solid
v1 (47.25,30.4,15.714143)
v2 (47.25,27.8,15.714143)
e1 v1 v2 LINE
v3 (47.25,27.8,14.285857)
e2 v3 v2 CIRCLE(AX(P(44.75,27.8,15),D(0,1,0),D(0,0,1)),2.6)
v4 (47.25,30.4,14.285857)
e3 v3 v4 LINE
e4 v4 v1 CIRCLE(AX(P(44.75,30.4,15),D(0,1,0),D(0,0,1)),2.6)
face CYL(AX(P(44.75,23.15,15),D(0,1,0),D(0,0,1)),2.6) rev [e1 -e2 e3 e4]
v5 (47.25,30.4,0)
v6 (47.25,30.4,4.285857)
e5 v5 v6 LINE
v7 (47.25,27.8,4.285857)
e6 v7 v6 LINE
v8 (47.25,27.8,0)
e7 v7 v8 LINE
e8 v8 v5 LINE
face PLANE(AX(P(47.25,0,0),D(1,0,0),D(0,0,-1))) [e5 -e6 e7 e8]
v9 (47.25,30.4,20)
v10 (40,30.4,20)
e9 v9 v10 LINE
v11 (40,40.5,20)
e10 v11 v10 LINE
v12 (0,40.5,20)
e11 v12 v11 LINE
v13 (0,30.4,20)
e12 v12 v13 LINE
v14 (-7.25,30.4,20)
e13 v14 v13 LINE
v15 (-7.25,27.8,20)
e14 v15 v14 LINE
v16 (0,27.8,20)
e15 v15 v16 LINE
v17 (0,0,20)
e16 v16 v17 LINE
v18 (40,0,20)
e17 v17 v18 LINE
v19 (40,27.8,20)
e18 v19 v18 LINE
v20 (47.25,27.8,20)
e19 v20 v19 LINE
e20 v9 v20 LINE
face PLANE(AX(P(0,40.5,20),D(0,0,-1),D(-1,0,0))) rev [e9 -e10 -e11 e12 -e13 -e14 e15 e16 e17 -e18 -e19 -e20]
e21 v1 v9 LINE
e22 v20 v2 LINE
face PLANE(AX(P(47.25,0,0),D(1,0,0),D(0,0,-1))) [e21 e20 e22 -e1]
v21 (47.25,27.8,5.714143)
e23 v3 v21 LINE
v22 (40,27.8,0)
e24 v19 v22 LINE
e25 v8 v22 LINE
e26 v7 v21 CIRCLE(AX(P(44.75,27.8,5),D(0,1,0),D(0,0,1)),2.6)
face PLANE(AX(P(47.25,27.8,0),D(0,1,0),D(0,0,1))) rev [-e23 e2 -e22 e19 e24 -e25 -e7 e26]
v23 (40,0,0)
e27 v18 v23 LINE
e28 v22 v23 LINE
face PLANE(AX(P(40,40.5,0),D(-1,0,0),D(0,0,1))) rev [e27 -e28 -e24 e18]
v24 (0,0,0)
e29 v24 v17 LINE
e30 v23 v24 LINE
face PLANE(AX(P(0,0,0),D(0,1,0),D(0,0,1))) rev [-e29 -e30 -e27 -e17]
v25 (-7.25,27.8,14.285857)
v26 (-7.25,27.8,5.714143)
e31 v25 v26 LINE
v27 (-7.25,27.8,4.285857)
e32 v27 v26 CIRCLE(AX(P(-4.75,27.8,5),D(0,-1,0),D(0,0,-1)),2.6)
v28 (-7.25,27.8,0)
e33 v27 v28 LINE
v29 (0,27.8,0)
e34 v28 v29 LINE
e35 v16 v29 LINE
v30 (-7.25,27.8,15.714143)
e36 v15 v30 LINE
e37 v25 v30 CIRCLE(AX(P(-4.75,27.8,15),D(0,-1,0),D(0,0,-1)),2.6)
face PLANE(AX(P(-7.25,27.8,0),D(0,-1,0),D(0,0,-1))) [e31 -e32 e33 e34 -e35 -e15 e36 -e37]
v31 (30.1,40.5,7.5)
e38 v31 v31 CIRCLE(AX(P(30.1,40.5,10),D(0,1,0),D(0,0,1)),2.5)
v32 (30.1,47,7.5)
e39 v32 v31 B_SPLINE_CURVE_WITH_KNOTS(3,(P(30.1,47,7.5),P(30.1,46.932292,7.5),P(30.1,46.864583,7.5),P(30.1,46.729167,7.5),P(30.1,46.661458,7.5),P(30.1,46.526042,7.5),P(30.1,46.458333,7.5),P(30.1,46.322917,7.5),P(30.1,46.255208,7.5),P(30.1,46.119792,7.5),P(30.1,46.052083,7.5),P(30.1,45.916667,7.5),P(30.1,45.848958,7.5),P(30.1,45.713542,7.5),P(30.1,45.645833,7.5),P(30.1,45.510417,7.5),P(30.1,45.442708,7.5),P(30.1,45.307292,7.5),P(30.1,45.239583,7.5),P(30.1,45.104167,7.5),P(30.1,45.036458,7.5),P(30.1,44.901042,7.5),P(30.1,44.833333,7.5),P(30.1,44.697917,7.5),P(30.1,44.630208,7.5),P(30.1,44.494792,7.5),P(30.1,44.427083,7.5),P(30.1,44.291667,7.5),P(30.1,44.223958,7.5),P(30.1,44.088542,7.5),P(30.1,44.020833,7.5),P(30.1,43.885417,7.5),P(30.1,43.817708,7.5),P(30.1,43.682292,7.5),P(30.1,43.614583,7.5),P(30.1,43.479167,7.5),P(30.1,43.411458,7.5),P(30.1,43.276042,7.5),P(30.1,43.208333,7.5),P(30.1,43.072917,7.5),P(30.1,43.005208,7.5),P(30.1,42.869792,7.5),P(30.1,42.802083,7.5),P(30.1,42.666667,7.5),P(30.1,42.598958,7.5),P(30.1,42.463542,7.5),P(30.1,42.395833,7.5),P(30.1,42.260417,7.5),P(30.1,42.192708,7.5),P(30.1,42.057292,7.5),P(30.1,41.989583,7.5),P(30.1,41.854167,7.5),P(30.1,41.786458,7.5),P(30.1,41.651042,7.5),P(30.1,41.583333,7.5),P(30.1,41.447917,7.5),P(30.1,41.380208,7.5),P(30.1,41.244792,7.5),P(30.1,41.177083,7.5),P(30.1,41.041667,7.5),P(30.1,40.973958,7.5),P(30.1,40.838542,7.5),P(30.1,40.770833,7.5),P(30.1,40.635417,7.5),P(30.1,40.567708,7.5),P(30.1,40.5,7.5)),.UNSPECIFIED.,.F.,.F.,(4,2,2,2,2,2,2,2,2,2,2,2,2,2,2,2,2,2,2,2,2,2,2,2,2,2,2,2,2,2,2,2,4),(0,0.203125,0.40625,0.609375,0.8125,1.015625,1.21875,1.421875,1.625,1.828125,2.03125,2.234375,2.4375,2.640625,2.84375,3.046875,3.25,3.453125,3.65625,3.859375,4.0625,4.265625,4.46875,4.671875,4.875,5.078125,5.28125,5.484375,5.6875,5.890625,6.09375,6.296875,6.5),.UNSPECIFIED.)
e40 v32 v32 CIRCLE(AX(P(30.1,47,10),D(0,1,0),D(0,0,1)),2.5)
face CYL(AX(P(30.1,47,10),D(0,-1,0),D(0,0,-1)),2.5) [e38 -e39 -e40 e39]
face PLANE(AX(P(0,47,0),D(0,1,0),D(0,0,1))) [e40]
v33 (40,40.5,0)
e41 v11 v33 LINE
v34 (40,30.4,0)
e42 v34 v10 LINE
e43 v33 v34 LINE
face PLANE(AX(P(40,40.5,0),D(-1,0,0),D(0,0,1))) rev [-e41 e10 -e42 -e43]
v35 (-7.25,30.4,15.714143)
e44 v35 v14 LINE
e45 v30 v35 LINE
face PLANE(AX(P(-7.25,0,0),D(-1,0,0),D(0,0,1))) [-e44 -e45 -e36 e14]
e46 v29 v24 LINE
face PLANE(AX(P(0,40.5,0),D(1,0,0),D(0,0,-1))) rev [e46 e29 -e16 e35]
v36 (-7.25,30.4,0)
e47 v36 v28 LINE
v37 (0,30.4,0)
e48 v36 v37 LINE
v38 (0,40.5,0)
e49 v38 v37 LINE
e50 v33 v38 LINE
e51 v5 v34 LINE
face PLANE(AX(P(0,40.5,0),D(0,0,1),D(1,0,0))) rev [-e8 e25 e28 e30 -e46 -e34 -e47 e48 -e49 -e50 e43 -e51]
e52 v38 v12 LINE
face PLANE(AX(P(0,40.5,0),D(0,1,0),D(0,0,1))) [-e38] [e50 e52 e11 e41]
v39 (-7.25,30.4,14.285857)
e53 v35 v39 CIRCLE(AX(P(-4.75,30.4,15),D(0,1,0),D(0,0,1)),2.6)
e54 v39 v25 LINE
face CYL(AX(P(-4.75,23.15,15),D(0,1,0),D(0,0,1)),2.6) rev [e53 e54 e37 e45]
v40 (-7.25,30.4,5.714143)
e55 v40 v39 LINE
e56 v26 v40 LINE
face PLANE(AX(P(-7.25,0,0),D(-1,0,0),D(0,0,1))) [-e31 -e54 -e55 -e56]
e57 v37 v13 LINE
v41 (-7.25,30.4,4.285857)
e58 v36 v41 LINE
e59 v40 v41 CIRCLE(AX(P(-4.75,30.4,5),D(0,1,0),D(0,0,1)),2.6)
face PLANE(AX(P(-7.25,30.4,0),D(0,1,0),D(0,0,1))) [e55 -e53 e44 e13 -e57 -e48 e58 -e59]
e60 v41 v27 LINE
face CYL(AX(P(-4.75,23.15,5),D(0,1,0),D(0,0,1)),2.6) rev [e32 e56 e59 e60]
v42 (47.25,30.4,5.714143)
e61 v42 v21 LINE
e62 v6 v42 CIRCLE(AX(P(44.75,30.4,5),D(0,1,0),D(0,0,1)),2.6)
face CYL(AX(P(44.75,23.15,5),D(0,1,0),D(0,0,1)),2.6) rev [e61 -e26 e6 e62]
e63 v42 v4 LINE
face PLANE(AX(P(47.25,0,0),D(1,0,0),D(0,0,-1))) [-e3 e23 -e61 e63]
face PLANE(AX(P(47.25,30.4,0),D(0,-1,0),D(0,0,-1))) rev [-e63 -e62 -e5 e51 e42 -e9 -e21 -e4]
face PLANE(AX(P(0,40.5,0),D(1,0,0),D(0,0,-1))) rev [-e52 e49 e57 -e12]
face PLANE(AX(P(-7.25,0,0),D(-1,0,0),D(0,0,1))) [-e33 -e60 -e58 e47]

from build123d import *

# Parameters (mm, degrees)
SKETCH1_W           = 40
SKETCH1_H           = 20
BOSS_EXTRUDE1_DEPTH = 40.5
SKETCH2_R           = 2.5
BOSS_EXTRUDE2_DEPTH = 6.5
SKETCH3_W           = 20
SKETCH3_H           = 2.6
BOSS_EXTRUDE3_DEPTH = 7.25
SKETCH4_W           = 20
SKETCH4_H           = 2.6
BOSS_EXTRUDE4_DEPTH = 7.25
SKETCH5_R           = 2.6
CUT_EXTRUDE5_DEPTH  = 7.25


with BuildPart() as part:
    # Sketch1 → Boss-Extrude1 (new body)
    with BuildSketch(Plane(origin=(0, 0, 0), x_dir=(1, 0, 0), z_dir=(0, 1, 0))):
        with Locations((20, -10)):
            Rectangle(SKETCH1_W, SKETCH1_H)
    extrude(amount=BOSS_EXTRUDE1_DEPTH)

    # Sketch2 → Boss-Extrude2 (add)
    with BuildSketch(Plane(origin=(0, 40.5, 0), x_dir=(1, 0, 0), z_dir=(0, 1, 0))):
        with Locations(Location((30.1, -10, 0), (0, 0, 90))):
            Circle(SKETCH2_R)
    extrude(amount=BOSS_EXTRUDE2_DEPTH)

    # Sketch3 → Boss-Extrude3 (add)
    with BuildSketch(Plane.ZY):
        with Locations((10, 29.1)):
            Rectangle(SKETCH3_W, SKETCH3_H)
    extrude(amount=BOSS_EXTRUDE3_DEPTH)

    # Sketch4 → Boss-Extrude4 (add)
    with BuildSketch(Plane(origin=(40, 0, 0), x_dir=(0, 0, -1), z_dir=(1, 0, 0))):
        with Locations((-10, 29.1)):
            Rectangle(SKETCH4_W, SKETCH4_H)
    extrude(amount=BOSS_EXTRUDE4_DEPTH)

    # Sketch5 → Cut-Extrude5 (cut)
    with BuildSketch(Plane(origin=(0, 30.4, 0), x_dir=(1, 0, 0), z_dir=(0, 1, 0))):
        with Locations((44.75, -5)):
            Circle(SKETCH5_R)
        with Locations((44.75, -15)):
            Circle(SKETCH5_R)
        with Locations((-4.75, -15)):
            Circle(SKETCH5_R)
        with Locations((-4.75, -5)):
            Circle(SKETCH5_R)
    extrude(amount=-CUT_EXTRUDE5_DEPTH, mode=Mode.SUBTRACT)


solid = part.part
